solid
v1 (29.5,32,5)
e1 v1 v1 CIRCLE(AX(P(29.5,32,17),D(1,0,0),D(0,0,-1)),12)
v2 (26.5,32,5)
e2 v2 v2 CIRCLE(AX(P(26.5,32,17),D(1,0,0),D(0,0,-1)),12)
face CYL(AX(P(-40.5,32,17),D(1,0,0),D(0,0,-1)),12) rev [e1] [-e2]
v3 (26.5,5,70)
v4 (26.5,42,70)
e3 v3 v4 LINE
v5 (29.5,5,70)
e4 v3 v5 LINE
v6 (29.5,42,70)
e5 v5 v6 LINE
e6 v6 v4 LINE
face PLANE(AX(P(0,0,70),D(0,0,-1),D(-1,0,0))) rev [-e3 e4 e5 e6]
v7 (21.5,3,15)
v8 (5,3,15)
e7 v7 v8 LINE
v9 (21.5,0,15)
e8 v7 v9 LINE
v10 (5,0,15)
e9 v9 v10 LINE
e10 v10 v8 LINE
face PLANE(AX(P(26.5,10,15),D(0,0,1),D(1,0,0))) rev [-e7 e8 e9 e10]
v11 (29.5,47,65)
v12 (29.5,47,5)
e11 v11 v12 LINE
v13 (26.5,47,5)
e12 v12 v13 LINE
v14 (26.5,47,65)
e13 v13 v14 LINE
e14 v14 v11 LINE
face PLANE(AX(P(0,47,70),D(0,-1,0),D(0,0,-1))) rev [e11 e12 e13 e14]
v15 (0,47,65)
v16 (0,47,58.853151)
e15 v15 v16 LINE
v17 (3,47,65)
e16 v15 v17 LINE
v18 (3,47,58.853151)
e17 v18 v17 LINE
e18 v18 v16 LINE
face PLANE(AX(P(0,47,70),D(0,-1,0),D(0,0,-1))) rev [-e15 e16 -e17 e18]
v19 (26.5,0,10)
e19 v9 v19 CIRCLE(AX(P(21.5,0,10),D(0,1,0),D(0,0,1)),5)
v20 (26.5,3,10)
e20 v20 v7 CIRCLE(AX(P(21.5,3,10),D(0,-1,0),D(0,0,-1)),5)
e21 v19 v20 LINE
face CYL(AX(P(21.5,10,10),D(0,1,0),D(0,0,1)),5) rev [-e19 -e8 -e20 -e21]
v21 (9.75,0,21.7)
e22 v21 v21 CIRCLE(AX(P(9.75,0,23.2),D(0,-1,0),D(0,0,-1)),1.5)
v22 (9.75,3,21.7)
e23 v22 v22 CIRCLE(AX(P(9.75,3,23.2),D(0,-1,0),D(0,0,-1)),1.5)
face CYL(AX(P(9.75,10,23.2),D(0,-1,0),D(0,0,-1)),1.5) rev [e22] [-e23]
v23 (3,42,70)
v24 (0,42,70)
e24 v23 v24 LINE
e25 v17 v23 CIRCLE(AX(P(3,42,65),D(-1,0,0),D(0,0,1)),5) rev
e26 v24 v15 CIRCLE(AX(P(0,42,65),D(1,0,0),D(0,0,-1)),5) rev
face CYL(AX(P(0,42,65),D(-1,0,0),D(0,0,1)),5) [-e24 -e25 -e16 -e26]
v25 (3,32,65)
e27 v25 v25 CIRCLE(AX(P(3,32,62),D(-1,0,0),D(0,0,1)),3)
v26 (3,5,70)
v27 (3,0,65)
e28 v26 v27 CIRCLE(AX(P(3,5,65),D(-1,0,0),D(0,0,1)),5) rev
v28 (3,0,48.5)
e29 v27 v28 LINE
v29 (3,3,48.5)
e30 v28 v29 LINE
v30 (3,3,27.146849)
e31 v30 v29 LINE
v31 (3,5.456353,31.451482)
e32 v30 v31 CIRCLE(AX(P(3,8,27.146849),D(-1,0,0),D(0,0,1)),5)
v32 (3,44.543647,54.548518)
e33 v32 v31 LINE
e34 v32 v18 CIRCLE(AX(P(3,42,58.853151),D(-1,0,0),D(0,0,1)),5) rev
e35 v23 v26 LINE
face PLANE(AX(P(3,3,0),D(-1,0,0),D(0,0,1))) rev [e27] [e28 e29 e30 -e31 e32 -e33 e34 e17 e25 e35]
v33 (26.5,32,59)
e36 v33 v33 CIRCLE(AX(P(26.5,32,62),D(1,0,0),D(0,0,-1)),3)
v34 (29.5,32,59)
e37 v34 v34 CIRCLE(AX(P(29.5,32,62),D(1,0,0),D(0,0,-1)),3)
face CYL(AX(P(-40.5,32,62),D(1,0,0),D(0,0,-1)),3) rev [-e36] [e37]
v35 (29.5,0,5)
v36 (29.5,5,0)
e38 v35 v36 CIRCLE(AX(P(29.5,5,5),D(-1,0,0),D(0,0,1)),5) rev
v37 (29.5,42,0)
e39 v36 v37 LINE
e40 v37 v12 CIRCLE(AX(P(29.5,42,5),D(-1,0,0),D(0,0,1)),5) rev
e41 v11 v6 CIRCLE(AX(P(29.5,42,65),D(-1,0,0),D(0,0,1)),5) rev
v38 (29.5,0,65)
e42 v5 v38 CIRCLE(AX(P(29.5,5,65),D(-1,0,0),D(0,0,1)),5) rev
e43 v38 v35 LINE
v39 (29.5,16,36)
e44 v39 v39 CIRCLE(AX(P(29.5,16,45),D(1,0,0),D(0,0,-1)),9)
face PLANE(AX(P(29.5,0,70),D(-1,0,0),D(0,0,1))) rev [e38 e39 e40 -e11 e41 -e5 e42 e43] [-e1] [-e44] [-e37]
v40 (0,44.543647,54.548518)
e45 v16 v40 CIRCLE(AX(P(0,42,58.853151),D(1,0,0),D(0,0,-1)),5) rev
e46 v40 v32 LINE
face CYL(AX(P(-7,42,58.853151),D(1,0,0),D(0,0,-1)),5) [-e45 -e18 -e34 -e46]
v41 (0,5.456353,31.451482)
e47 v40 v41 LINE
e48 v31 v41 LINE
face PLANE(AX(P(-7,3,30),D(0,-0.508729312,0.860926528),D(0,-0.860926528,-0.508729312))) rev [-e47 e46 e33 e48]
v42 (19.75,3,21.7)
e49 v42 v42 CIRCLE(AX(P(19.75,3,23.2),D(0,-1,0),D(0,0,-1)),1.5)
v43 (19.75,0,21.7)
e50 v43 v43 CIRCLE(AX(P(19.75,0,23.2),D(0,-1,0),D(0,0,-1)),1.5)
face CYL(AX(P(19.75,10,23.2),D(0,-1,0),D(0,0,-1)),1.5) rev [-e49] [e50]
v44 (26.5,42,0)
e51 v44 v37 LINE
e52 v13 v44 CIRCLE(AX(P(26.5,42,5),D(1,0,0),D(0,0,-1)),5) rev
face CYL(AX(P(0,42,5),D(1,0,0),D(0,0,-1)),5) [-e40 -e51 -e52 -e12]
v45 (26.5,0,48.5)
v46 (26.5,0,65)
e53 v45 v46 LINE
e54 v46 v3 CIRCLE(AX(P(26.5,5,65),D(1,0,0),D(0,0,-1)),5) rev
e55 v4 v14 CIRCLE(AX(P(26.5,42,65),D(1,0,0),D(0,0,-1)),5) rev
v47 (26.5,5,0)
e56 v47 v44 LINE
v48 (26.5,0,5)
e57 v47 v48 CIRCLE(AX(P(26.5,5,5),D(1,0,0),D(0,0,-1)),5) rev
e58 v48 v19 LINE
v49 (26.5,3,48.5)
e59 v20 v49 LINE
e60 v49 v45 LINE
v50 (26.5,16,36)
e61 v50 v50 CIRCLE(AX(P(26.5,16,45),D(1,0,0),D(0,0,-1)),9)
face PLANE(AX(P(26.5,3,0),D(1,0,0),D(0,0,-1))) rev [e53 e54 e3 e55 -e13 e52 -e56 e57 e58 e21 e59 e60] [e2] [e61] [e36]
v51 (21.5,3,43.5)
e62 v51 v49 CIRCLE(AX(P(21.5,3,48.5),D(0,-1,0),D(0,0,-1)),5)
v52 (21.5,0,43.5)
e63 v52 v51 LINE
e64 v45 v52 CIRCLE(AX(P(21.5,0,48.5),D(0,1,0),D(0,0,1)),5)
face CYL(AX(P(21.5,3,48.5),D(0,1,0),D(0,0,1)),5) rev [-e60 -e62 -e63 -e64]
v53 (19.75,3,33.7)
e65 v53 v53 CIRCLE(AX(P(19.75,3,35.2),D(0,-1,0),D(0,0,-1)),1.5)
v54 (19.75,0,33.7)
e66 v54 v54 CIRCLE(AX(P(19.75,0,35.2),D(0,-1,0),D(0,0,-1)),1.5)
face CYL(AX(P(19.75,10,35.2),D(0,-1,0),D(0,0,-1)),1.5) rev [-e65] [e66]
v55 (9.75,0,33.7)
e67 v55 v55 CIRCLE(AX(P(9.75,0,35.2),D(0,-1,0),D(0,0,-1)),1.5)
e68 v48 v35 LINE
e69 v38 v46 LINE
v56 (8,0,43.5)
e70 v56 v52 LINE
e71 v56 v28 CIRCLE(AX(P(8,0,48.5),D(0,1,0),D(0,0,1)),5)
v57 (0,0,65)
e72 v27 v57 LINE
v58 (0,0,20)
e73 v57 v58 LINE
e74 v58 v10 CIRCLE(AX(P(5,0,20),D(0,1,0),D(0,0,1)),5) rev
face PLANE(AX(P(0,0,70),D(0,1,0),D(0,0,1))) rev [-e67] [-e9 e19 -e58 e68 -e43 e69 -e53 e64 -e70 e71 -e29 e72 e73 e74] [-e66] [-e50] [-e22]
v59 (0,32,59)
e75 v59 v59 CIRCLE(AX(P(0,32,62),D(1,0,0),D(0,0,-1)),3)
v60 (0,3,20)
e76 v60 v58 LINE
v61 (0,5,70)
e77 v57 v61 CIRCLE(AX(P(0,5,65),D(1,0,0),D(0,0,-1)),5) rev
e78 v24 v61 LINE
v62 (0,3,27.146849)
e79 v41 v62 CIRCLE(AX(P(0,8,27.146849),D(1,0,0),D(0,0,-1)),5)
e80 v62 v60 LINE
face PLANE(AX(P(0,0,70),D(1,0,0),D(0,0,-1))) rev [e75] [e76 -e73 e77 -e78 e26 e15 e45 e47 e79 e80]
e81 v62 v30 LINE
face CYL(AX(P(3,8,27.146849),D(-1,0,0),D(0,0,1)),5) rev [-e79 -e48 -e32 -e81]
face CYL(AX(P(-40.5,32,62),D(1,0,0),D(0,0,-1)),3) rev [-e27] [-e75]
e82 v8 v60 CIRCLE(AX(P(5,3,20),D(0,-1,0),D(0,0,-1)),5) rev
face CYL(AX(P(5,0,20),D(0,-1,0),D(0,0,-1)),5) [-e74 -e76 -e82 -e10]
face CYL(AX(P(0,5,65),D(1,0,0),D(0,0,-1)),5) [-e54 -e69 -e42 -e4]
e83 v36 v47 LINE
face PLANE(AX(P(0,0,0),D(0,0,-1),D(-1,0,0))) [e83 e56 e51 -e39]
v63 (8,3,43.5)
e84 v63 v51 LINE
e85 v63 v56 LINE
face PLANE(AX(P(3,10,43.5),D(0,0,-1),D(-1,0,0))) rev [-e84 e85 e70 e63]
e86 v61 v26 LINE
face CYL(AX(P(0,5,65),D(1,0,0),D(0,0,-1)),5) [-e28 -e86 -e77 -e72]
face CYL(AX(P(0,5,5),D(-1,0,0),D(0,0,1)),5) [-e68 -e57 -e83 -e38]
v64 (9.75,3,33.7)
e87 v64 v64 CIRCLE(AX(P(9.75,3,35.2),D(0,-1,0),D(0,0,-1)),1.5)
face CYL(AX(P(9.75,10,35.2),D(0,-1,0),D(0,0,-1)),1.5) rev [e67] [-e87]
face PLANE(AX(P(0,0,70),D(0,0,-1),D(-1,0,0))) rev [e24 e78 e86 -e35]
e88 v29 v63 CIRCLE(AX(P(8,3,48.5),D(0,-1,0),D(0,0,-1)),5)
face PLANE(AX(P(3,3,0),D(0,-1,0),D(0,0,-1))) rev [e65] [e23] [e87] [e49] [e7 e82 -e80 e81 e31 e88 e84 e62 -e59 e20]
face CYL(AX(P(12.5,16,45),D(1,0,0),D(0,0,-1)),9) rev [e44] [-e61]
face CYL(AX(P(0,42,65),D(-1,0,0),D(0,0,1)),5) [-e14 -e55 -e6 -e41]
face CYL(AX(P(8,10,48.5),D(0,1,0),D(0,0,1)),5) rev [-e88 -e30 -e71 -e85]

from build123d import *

# Parameters (mm, degrees)
SKETCH_1_W           = 29.5
SKETCH_1_H           = 47
EXTRUDE_1_DEPTH      = 70
SKETCH_2_W           = 23.5
SKETCH_2_H           = 44
CUT_EXTRUDE_1_DEPTH  = 70
SKETCH_5_R           = 12
SKETCH_5_R_2         = 3
CUT_EXTRUDE_4_DEPTH  = 70
SKETCH_10_R          = 9
CUT_EXTRUDE_8_DEPTH  = 17
SKETCH_11_W          = 23.5
SKETCH_11_H          = 26.5
SKETCH_11_H_2        = 15
CUT_EXTRUDE_9_DEPTH  = 10
FILLET_2_R           = 5
CUT_EXTRUDE_11_DEPTH = 10
FILLET_3_R           = 5
SKETCH_14_R          = 1.5
CUT_EXTRUDE_12_DEPTH = 10


with BuildPart() as part:
    # 草图1 → 凸台-拉伸1 (new body)
    with BuildSketch(Plane.XY):
        with Locations((14.75, 23.5)):
            Rectangle(SKETCH_1_W, SKETCH_1_H)
    extrude(amount=EXTRUDE_1_DEPTH)

    # 草图2 → 切除-拉伸1 (cut)
    with BuildSketch(Plane.XY.offset(70)):
        with Locations((14.75, 25)):
            Rectangle(SKETCH_2_W, SKETCH_2_H)
    extrude(amount=-CUT_EXTRUDE_1_DEPTH, mode=Mode.SUBTRACT)

    # 草图5 → 切除-拉伸4 (cut)
    with BuildSketch(Plane(origin=(29.5, 0, 0), x_dir=(0, 0, -1), z_dir=(1, 0, 0))):
        with Locations((-17, 32)):
            Circle(SKETCH_5_R)
        with Locations((-62, 32)):
            Circle(SKETCH_5_R_2)
    extrude(amount=-CUT_EXTRUDE_4_DEPTH, mode=Mode.SUBTRACT)

    # 草图10 → 切除-拉伸8 (cut)
    with BuildSketch(Plane(origin=(29.5, 0, 0), x_dir=(0, 0, -1), z_dir=(1, 0, 0))):
        with Locations((-45, 16)):
            Circle(SKETCH_10_R)
    extrude(amount=-CUT_EXTRUDE_8_DEPTH, mode=Mode.SUBTRACT)

    # 草图11 → 切除-拉伸9 (cut)
    with BuildSketch(Plane.XZ):
        with Locations((14.75, 56.75)):
            Rectangle(SKETCH_11_W, SKETCH_11_H)
        with Locations((14.75, 7.5)):
            Rectangle(SKETCH_11_W, SKETCH_11_H_2)
    extrude(amount=-CUT_EXTRUDE_9_DEPTH, mode=Mode.SUBTRACT)

    # 圆角2
    fillet_2_edges = [part.edges().sort_by_distance(p)[0] for p in [
        (1.5, 0, 0),
        (28, 0, 0),
        (28, 0, 70),
        (1.5, 0, 70),
        (3, 1.5, 43.5),
        (26.5, 1.5, 43.5),
    ]]
    fillet(fillet_2_edges, radius=FILLET_2_R)

    # 草图13 → 切除-拉伸11 (cut)
    with BuildSketch(Plane(origin=(3, 0, 0), x_dir=(0, 0, -1), z_dir=(1, 0, 0))):
        Polygon((-15, 0), (-15, 3), (-30, 3), (-56, 47), (0, 47), (0, 0), align=None)
    extrude(amount=-CUT_EXTRUDE_11_DEPTH, mode=Mode.SUBTRACT)

    # 圆角3
    fillet_3_edges = [part.edges().sort_by_distance(p)[0] for p in [
        (28, 47, 70),
        (0, 1.5, 15),
        (1.5, 3, 30),
        (1.5, 47, 56),
        (1.5, 47, 70),
        (28, 47, 0),
        (26.5, 1.5, 15),
    ]]
    fillet(fillet_3_edges, radius=FILLET_3_R)

    # 草图14 → 切除-拉伸12 (cut)
    with BuildSketch(Plane.XZ):
        with Locations(Location((9.75, 35.2, 0), (0, 0, 270))):
            Circle(SKETCH_14_R)
        with Locations(Location((9.75, 23.2, 0), (0, 0, 270))):
            Circle(SKETCH_14_R)
        with Locations(Location((19.75, 23.2, 0), (0, 0, 270))):
            Circle(SKETCH_14_R)
        with Locations(Location((19.75, 35.2, 0), (0, 0, 270))):
            Circle(SKETCH_14_R)
    extrude(amount=-CUT_EXTRUDE_12_DEPTH, mode=Mode.SUBTRACT)


solid = part.part
